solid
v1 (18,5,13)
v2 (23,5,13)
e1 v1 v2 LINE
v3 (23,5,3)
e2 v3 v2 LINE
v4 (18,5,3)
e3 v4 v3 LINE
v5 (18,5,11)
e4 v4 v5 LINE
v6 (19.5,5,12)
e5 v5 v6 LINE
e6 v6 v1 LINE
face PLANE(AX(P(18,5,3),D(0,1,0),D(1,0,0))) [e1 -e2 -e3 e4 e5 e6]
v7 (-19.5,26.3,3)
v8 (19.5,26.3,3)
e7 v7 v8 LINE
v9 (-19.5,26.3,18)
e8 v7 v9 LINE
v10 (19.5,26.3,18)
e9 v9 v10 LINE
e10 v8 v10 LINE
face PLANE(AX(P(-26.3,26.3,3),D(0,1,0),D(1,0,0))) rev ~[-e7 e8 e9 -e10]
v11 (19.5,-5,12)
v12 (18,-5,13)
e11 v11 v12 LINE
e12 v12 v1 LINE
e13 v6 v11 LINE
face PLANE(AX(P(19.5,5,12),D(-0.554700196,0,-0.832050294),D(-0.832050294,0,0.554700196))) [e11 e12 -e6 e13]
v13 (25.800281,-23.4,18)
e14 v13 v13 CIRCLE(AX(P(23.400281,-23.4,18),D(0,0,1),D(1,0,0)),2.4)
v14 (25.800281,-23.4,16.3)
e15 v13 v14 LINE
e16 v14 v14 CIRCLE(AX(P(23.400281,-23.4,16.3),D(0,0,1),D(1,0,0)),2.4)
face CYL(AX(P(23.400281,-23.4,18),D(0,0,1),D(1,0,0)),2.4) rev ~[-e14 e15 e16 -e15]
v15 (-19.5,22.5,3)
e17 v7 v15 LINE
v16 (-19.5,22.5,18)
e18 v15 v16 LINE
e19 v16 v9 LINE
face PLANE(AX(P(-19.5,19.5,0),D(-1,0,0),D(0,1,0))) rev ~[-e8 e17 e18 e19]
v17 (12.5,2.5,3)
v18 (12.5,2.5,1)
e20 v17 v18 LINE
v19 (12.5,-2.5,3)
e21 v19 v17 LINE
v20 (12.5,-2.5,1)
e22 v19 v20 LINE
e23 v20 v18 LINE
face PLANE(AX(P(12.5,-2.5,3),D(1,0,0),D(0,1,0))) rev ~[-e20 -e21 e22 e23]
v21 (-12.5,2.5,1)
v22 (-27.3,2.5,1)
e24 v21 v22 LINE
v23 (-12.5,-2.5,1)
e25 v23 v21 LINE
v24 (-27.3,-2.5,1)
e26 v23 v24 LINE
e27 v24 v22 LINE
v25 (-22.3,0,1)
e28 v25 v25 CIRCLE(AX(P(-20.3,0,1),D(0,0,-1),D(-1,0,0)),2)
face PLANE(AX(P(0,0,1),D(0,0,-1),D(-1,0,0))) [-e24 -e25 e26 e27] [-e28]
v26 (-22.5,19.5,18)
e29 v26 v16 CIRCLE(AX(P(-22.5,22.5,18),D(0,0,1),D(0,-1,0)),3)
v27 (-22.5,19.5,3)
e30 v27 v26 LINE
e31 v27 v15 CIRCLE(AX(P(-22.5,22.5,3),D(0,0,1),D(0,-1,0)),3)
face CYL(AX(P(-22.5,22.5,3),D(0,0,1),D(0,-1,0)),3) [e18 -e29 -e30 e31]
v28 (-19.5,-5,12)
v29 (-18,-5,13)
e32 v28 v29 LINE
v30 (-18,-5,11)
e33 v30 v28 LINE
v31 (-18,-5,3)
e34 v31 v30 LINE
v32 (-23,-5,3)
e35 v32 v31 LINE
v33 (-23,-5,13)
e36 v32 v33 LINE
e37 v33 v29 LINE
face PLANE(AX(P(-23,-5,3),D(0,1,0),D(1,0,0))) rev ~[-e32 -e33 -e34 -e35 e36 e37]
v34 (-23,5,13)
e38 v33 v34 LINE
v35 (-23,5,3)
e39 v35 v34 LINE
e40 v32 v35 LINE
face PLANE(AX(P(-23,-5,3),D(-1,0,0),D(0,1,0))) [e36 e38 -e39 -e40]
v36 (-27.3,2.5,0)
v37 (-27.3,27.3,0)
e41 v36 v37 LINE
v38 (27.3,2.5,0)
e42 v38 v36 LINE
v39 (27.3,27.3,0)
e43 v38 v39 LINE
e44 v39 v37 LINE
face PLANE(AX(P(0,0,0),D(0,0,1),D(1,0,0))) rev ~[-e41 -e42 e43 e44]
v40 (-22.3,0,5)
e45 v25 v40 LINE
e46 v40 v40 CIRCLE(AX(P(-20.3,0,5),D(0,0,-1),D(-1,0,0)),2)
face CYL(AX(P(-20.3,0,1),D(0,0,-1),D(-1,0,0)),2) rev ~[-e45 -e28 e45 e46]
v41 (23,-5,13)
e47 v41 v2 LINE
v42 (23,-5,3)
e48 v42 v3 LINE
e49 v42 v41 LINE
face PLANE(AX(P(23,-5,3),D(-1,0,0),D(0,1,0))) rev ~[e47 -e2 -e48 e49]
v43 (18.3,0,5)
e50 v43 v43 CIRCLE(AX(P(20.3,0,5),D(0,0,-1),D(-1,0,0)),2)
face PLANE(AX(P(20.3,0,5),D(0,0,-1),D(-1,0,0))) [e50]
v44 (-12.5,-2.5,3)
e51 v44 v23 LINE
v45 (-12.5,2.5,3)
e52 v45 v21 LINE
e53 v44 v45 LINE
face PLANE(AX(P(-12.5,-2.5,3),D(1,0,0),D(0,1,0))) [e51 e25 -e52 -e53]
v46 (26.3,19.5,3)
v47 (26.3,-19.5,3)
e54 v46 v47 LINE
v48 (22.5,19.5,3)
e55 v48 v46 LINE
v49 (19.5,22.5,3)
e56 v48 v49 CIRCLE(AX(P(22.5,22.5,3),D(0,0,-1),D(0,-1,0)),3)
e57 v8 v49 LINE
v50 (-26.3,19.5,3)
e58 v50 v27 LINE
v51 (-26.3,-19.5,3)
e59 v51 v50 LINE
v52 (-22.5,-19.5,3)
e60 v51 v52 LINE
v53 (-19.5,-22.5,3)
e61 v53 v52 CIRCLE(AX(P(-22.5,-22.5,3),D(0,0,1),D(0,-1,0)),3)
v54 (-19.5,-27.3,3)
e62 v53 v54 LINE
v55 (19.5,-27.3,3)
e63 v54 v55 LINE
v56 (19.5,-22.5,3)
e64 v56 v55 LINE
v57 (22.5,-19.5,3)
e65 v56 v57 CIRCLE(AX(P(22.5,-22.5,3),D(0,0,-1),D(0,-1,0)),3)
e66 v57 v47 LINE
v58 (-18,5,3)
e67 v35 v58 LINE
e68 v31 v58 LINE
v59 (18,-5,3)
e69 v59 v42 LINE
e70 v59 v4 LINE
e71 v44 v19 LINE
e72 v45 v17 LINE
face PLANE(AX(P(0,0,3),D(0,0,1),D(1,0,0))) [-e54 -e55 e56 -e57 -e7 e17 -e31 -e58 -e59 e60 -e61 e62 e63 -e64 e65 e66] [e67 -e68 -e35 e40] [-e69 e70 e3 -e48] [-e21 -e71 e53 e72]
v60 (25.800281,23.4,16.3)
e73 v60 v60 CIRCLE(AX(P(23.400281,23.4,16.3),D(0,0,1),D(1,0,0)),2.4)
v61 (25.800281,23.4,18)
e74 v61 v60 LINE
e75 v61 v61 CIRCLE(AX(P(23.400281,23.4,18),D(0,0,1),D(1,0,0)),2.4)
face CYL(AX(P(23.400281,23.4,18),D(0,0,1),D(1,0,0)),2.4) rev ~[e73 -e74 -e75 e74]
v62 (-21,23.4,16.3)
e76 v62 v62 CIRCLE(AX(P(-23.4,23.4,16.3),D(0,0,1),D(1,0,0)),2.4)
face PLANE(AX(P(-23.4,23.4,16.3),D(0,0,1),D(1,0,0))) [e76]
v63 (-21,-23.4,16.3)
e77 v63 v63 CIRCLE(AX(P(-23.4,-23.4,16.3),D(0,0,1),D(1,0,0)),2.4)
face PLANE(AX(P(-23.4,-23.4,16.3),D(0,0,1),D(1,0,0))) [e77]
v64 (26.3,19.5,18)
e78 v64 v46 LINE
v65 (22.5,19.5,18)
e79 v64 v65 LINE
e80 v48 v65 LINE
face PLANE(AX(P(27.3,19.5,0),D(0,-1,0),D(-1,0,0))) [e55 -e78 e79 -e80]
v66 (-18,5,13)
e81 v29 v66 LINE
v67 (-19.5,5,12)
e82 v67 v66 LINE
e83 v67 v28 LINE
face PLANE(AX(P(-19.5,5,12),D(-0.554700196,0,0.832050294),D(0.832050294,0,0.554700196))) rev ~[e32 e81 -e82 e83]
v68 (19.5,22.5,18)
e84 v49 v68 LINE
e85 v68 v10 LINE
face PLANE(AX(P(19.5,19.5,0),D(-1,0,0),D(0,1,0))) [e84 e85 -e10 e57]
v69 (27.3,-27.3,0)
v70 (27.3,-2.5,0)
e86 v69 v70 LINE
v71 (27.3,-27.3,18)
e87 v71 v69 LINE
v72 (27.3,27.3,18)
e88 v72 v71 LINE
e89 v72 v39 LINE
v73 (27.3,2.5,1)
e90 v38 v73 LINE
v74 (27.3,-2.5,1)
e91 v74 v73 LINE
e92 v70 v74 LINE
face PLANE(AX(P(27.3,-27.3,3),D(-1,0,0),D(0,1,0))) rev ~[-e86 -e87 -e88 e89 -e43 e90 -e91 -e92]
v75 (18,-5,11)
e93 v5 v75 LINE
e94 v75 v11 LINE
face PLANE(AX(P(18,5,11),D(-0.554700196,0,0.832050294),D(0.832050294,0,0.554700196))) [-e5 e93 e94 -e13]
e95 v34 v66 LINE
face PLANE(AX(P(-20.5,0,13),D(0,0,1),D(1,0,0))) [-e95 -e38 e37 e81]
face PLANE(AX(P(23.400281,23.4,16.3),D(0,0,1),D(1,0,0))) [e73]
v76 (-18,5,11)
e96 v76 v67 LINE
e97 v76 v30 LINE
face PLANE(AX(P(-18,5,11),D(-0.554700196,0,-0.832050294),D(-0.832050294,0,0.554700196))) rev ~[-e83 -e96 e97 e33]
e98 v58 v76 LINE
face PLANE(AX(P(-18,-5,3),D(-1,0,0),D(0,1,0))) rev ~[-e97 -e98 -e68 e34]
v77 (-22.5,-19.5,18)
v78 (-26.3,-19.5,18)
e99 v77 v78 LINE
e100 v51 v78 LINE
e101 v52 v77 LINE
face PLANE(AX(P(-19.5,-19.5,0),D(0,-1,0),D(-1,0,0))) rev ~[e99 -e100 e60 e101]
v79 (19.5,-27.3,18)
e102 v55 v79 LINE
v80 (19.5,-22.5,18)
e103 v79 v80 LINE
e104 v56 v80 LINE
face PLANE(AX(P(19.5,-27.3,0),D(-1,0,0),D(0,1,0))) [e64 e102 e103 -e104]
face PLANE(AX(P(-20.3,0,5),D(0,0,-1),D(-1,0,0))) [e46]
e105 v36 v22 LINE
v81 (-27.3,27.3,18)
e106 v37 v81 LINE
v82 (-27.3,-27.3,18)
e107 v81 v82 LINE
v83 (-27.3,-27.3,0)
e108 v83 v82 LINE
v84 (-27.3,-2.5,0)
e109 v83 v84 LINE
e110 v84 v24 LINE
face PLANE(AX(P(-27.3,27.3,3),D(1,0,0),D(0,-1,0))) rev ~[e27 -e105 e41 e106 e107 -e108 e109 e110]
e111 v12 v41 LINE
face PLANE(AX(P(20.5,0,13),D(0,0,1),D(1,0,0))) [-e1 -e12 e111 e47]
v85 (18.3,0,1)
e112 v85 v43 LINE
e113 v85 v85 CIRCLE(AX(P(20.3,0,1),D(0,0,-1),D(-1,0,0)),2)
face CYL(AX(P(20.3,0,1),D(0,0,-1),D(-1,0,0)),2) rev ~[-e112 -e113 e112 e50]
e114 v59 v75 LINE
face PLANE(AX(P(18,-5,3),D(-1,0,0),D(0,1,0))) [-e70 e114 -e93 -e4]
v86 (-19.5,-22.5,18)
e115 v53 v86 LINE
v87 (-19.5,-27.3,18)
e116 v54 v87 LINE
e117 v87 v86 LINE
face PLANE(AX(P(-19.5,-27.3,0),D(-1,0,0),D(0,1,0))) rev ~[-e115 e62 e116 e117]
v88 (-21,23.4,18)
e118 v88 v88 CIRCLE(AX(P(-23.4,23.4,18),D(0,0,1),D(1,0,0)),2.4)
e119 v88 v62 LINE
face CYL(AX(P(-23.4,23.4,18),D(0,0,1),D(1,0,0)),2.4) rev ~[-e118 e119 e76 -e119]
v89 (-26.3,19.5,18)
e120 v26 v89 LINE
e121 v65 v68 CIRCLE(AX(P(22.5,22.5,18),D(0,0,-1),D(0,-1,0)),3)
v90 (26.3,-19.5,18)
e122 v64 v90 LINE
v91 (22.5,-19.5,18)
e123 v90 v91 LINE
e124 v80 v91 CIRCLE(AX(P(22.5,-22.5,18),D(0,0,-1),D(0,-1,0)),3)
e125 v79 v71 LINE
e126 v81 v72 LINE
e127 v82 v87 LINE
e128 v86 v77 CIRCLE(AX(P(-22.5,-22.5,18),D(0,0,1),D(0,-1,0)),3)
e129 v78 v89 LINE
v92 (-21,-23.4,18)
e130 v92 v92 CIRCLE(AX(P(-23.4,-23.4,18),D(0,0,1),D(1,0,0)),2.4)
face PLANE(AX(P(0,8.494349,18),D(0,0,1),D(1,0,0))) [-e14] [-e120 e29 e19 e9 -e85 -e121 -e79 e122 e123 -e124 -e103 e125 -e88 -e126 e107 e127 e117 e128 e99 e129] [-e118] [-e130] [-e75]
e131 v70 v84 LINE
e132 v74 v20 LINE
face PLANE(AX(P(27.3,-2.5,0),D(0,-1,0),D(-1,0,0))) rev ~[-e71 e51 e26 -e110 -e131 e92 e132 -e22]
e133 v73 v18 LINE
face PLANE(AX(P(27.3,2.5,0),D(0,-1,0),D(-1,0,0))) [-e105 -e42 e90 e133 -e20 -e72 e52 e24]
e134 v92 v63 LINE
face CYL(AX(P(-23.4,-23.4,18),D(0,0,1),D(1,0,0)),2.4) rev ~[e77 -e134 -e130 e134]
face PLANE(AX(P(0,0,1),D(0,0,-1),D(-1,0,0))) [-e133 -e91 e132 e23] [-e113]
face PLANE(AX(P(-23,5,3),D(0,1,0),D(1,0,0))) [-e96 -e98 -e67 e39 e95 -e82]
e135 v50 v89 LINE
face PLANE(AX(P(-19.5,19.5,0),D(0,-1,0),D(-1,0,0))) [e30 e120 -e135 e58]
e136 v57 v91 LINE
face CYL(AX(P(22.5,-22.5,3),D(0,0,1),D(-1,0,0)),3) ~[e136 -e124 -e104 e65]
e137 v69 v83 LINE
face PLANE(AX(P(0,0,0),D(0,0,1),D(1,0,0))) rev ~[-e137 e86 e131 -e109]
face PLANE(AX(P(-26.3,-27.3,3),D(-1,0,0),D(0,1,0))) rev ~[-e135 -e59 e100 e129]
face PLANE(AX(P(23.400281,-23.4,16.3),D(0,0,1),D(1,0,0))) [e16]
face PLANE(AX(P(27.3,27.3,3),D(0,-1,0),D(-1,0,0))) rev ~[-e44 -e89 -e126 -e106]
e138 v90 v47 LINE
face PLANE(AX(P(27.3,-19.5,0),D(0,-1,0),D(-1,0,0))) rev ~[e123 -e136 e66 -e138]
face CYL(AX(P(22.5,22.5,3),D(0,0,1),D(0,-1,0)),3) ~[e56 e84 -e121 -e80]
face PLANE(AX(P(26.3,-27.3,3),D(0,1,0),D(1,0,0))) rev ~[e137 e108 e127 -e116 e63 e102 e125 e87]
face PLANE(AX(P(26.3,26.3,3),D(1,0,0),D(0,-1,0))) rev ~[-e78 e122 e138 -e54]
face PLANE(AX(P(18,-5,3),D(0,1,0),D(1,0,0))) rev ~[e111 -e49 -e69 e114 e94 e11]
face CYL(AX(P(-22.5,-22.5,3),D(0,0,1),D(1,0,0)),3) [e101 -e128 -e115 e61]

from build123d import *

# Parameters (mm, degrees)
SKICA1_W                 = 54.6
SKICA1_H                 = 54.6
P_IDAT_VYSUNUT_M2_DEPTH  = 3
SKICA4_W                 = 25
SKICA4_H                 = 5
ODEBRAT_VYSUNUT_M1_DEPTH = 2
SKICA5_W                 = 54.6
SKICA5_H                 = 5
ODEBRAT_VYSUNUT_M3_DEPTH = 1
SKICA10_W                = 5
SKICA10_H                = 10
P_IDAT_VYSUNUT_M6_DEPTH  = 10
ODEBRAT_VYSUNUT_M6_DEPTH = 10
P_IDAT_VYSUNUT_M9_DEPTH  = 15
SKICA17_R                = 2
ODEBRAT_VYSUNUT_M8_DEPTH = 4
SKICA19_W                = 7.8
SKICA19_H                = 7.8
P_IDAT_VYSUNUT_M10_DEPTH = 18
SKICA20_R                = 2.4
ODEBRAT_VYSUNUT_M9_DEPTH = 1.7
ZAOBLIT1_R               = 3


with BuildPart() as part:
    # Skica1 → Přidat vysunutím2 (new body)
    with BuildSketch(Plane.XY):
        Rectangle(SKICA1_W, SKICA1_H)
    extrude(amount=P_IDAT_VYSUNUT_M2_DEPTH)

    # Skica4 → Odebrat vysunutím1 (cut)
    with BuildSketch(Plane.XY.offset(3)):
        Rectangle(SKICA4_W, SKICA4_H)
    extrude(amount=-ODEBRAT_VYSUNUT_M1_DEPTH, mode=Mode.SUBTRACT)

    # Skica5 → Odebrat vysunutím3 (cut)
    with BuildSketch(Plane(origin=(0, 0, 0), x_dir=(-1, 0, 0), z_dir=(0, 0, -1))):
        Rectangle(SKICA5_W, SKICA5_H)
    extrude(amount=-ODEBRAT_VYSUNUT_M3_DEPTH, mode=Mode.SUBTRACT)

    # Skica10 → Přidat vysunutím6 (add)
    with BuildSketch(Plane.XY.offset(3)):
        with Locations((-20.5, 0)):
            Rectangle(SKICA10_W, SKICA10_H)
        with Locations((20.5, 0)):
            Rectangle(SKICA10_W, SKICA10_H)
    extrude(amount=P_IDAT_VYSUNUT_M6_DEPTH)

    # Skica12 → Odebrat vysunutím6 (cut)
    with BuildSketch(Plane(origin=(0, 5, 0), x_dir=(1, 0, 0), z_dir=(0, 1, 0))):
        Polygon((-18, -13), (-18, -11), (-19.5, -12), align=None)
        Polygon((18, -13), (18, -11), (19.5, -12), align=None)
    extrude(amount=-ODEBRAT_VYSUNUT_M6_DEPTH, mode=Mode.SUBTRACT)

    # Skica14 → Přidat vysunutím9 (add)
    with BuildSketch(Plane.XY.offset(3)):
        Polygon((27.3, 27.3), (-27.3, 27.3), (-27.3, -27.3), (-26.3, -27.3), (-26.3, 26.3), (26.3, 26.3), (26.3, -27.3), (27.3, -27.3), align=None)
    extrude(amount=P_IDAT_VYSUNUT_M9_DEPTH)

    # Skica17 → Odebrat vysunutím8 (cut)
    with BuildSketch(Plane(origin=(0, 0, 1), x_dir=(-1, 0, 0), z_dir=(0, 0, -1))):
        with Locations((-20.3, 0)):
            Circle(SKICA17_R)
        with Locations((20.3, 0)):
            Circle(SKICA17_R)
    extrude(amount=-ODEBRAT_VYSUNUT_M8_DEPTH, mode=Mode.SUBTRACT)

    # Skica19 → Přidat vysunutím10 (add)
    with BuildSketch(Plane(origin=(0, 0, 0), x_dir=(-1, 0, 0), z_dir=(0, 0, -1))):
        with Locations((-23.4, 23.4)):
            Rectangle(SKICA19_W, SKICA19_H)
        with Locations((23.4, 23.4)):
            Rectangle(SKICA19_W, SKICA19_H)
        with Locations((-23.4, -23.4)):
            Rectangle(SKICA19_W, SKICA19_H)
        with Locations((23.4, -23.4)):
            Rectangle(SKICA19_W, SKICA19_H)
    extrude(amount=-P_IDAT_VYSUNUT_M10_DEPTH)

    # Skica20 → Odebrat vysunutím9 (cut)
    with BuildSketch(Plane.XY.offset(18)):
        with Locations((-23.4, -23.4)):
            Circle(SKICA20_R)
        with Locations((-23.4, 23.4)):
            Circle(SKICA20_R)
        with Locations((23.400280565, 23.4)):
            Circle(SKICA20_R)
        with Locations((23.400280565, -23.4)):
            Circle(SKICA20_R)
    extrude(amount=-ODEBRAT_VYSUNUT_M9_DEPTH, mode=Mode.SUBTRACT)

    # Zaoblit1
    zaoblit1_edges = [part.edges().sort_by_distance(p)[0] for p in [
        (19.5, 19.5, 10.5),
        (-19.5, 19.5, 10.5),
        (19.5, -19.5, 10.5),
        (-19.5, -19.5, 10.5),
    ]]
    fillet(zaoblit1_edges, radius=ZAOBLIT1_R)


solid = part.part
